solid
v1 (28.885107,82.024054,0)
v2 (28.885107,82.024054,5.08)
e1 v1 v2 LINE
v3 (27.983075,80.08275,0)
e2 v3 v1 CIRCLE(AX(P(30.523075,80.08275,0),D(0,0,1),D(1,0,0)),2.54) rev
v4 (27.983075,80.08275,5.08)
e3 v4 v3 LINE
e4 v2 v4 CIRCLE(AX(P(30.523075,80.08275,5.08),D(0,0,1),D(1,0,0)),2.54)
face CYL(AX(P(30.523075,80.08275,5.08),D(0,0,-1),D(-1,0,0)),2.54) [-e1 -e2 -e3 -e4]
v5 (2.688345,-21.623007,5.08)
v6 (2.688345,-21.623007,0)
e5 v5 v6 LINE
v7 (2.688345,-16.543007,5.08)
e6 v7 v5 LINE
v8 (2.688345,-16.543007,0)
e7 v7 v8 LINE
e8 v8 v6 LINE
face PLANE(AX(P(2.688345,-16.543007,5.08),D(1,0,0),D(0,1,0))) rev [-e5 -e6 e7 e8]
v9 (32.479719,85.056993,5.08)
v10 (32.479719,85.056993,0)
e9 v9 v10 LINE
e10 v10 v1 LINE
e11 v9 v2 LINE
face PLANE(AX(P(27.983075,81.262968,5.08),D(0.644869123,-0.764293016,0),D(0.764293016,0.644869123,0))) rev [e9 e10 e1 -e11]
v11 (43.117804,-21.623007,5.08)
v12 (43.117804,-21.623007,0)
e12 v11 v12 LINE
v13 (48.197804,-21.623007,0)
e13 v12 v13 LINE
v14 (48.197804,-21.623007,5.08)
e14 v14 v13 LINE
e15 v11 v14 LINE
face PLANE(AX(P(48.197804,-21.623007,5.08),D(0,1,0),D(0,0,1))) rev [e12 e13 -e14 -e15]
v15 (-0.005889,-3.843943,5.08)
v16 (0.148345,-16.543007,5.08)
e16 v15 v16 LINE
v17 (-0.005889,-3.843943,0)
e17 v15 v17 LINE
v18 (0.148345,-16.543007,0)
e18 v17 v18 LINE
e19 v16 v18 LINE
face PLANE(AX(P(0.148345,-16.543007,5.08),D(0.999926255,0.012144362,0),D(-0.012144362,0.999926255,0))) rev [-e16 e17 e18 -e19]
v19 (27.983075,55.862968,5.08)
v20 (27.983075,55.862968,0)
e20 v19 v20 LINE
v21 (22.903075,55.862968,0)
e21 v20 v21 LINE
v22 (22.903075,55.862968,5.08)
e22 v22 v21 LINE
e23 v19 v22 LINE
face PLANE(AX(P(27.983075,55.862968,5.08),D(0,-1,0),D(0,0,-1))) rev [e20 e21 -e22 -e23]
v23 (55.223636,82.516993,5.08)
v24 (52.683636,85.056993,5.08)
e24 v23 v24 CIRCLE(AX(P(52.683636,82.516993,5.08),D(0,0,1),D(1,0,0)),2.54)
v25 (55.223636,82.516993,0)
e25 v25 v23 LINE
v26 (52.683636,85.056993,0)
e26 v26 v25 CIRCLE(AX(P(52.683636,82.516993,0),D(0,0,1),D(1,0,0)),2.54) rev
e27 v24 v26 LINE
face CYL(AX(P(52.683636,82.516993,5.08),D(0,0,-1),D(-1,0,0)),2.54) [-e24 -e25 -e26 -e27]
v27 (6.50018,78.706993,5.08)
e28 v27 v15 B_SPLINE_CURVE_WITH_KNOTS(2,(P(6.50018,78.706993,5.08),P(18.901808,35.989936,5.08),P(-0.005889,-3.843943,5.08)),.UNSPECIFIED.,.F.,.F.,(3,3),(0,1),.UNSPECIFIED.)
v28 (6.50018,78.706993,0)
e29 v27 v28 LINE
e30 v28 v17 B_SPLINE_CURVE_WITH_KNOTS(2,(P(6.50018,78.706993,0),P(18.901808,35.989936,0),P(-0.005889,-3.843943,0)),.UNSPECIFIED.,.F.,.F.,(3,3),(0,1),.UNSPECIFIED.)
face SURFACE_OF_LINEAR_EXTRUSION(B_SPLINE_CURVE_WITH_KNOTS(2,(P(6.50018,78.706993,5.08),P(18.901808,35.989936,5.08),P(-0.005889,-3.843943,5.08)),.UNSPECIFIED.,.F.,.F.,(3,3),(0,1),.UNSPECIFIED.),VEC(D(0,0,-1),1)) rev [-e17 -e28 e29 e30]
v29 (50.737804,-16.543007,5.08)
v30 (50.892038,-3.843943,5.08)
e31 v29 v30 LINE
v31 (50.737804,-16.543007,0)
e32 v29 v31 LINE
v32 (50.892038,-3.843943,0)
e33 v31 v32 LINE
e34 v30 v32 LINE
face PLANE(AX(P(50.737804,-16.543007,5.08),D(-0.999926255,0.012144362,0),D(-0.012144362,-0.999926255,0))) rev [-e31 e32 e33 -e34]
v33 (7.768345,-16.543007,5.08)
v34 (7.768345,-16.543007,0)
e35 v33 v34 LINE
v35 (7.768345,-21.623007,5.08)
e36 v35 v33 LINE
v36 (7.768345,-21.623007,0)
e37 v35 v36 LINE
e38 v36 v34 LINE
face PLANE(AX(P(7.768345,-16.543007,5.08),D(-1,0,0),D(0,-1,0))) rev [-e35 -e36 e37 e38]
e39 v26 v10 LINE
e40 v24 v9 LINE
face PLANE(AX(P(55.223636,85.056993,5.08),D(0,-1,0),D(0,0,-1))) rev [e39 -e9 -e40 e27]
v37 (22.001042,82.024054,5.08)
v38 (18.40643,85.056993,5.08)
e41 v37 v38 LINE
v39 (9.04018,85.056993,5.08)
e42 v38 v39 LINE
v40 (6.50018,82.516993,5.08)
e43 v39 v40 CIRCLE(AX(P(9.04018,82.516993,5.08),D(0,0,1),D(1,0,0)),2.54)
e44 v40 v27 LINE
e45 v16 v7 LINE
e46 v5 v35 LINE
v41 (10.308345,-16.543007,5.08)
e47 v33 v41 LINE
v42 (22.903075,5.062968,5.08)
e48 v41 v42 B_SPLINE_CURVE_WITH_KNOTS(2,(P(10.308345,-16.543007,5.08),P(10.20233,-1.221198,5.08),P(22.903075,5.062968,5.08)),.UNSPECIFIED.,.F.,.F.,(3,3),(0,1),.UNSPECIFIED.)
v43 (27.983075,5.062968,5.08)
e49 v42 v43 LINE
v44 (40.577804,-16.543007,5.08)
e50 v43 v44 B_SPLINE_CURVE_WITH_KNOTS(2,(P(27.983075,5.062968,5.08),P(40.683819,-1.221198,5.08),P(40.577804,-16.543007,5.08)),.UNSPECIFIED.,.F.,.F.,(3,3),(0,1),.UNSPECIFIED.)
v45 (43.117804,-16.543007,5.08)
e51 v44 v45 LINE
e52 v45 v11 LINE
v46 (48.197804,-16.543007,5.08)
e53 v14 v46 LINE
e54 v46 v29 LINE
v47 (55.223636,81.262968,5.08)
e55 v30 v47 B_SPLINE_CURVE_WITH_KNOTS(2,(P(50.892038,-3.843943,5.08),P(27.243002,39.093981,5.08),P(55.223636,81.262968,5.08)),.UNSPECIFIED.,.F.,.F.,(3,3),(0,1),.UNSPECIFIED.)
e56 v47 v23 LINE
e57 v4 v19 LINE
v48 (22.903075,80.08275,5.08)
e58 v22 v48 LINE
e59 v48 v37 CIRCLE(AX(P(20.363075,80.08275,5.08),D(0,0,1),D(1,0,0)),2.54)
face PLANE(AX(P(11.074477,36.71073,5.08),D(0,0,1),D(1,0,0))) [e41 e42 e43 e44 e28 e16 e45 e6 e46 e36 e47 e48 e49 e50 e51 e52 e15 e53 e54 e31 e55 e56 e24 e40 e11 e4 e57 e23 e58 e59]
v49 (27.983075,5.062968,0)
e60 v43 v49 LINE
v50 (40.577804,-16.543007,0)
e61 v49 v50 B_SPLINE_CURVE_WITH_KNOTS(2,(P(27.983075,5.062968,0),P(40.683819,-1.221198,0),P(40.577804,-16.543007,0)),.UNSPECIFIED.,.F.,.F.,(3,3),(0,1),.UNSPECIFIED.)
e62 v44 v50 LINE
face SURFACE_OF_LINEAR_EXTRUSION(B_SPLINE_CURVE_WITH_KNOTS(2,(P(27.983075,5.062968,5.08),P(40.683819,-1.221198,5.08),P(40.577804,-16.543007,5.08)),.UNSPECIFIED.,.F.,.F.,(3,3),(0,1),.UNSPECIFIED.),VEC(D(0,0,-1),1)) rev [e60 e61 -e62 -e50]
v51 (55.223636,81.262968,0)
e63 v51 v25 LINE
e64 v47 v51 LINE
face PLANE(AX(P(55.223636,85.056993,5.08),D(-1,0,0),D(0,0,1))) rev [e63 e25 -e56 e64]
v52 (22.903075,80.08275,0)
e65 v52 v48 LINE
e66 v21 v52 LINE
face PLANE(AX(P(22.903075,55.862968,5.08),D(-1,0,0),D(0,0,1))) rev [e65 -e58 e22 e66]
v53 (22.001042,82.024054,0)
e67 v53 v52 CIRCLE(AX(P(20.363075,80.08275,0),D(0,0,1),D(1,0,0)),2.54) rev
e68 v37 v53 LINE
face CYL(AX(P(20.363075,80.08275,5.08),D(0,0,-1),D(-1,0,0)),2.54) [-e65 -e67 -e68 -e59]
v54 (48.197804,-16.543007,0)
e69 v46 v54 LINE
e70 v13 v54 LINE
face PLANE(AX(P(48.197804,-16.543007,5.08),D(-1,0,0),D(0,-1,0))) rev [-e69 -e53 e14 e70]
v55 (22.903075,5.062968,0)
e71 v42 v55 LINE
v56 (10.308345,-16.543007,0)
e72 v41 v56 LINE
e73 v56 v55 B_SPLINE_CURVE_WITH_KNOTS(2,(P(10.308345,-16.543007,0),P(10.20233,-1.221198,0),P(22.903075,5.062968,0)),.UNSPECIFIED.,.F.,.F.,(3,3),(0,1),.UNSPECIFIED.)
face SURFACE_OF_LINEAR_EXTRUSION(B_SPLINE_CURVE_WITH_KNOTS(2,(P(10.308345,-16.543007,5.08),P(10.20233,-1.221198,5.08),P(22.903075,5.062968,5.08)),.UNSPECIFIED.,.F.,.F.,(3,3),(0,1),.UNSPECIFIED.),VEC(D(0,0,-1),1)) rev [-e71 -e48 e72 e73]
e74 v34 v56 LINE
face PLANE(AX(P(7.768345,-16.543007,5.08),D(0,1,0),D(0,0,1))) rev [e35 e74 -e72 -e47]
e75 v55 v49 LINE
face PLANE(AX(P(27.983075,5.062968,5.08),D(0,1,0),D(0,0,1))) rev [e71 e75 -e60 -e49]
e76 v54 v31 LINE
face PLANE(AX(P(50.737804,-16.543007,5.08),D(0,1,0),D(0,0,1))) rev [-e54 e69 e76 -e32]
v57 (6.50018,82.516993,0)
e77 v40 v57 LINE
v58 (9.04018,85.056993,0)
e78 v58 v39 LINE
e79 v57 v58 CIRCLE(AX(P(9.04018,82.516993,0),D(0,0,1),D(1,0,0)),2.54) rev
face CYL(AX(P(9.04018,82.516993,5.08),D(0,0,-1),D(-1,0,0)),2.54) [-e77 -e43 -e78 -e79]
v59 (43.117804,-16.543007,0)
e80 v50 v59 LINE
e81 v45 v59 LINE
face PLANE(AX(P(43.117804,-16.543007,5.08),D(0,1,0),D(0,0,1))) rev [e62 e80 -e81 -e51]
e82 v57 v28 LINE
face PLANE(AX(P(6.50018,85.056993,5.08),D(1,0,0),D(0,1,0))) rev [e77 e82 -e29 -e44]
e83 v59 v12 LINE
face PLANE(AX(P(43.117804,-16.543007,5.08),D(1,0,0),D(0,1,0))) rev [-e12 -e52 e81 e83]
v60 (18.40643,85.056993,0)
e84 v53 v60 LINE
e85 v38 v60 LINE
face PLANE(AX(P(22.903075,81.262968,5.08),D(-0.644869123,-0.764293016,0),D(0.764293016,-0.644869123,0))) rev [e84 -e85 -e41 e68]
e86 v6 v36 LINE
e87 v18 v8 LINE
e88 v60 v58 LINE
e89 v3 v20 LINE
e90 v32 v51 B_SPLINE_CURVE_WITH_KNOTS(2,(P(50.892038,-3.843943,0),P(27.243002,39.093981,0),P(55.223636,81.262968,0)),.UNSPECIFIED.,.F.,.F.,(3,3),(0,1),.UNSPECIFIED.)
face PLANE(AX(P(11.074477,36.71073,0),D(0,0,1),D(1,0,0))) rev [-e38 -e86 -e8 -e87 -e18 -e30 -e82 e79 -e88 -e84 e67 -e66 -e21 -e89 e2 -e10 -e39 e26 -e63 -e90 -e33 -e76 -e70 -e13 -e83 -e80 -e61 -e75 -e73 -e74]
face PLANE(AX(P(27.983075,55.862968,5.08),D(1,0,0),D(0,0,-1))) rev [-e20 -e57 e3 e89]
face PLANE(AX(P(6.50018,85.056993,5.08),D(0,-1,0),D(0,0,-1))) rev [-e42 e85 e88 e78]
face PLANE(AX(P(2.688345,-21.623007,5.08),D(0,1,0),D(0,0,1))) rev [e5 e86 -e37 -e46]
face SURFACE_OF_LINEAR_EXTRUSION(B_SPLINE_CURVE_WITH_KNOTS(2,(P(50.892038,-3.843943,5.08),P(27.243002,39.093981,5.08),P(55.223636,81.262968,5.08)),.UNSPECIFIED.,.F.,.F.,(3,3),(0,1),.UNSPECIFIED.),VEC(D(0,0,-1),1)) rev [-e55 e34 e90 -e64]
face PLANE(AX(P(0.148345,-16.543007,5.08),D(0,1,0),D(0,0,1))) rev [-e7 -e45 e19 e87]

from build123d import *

# Parameters (mm, degrees)
BOSS_EXTRUDE6_DEPTH = 5.08
FILLET21_R          = 2.54
FILLET22_R          = 2.54
FILLET23_R          = 2.54
FILLET24_R          = 2.54


with BuildPart() as part:
    # Sketch1 → Boss-Extrude6 (new body)
    with BuildSketch(Plane.XY):
        with BuildLine():
            Line((0.14834484, -16.543006694), (-0.005888561, -3.843943262))
            add(Edge.make_bspline(
                [(6.500180425, 78.706993306), (18.901808207, 35.989935529), (-0.005888561, -3.843943262)],
                knots=[0, 0, 0, 1, 1, 1], degree=2))
            Line((6.500180425, 78.706993306), (6.500180425, 85.056993306))
            Line((6.500180425, 85.056993306), (18.406430425, 85.056993306))
            Line((18.406430425, 85.056993306), (22.903074533, 81.262968128))
            Line((22.903074533, 81.262968128), (22.903074533, 55.862968128))
            Line((22.903074533, 55.862968128), (27.983074533, 55.862968128))
            Line((27.983074533, 55.862968128), (27.983074533, 81.262968128))
            Line((27.983074533, 81.262968128), (32.479718641, 85.056993306))
            Line((32.479718641, 85.056993306), (55.223636327, 85.056993306))
            Line((55.223636327, 85.056993306), (55.223636327, 81.262968128))
            add(Edge.make_bspline(
                [(55.223636327, 81.262968128), (27.243001732, 39.093980891), (50.892037627, -3.843943262)],
                knots=[0, 0, 0, 1, 1, 1], degree=2))
            Line((50.892037627, -3.843943262), (50.737804225, -16.543006694))
            Line((50.737804225, -16.543006694), (48.197804225, -16.543006694))
            Line((48.197804225, -16.543006694), (48.197804225, -21.623006694))
            Line((48.197804225, -21.623006694), (43.117804225, -21.623006694))
            Line((43.117804225, -21.623006694), (43.117804225, -16.543006694))
            Line((43.117804225, -16.543006694), (40.577804225, -16.543006694))
            add(Edge.make_bspline(
                [(27.983074533, 5.062968128), (40.683819064, -1.22119794), (40.577804225, -16.543006694)],
                knots=[0, 0, 0, 1, 1, 1], degree=2))
            Line((27.983074533, 5.062968128), (22.903074533, 5.062968128))
            add(Edge.make_bspline(
                [(22.903074533, 5.062968128), (10.202330001, -1.22119794), (10.30834484, -16.543006694)],
                knots=[0, 0, 0, 1, 1, 1], degree=2))
            Line((10.30834484, -16.543006694), (7.76834484, -16.543006694))
            Line((7.76834484, -16.543006694), (7.76834484, -21.623006694))
            Line((7.76834484, -21.623006694), (2.68834484, -21.623006694))
            Line((2.68834484, -21.623006694), (2.68834484, -16.543006694))
            Line((2.68834484, -16.543006694), (0.14834484, -16.543006694))
        make_face()
    extrude(amount=BOSS_EXTRUDE6_DEPTH)

    # Fillet21
    fillet21_edges = [part.edges().sort_by_distance(p)[0] for p in [
        (22.903074533, 81.262968128, 2.54),
    ]]
    fillet(fillet21_edges, radius=FILLET21_R)

    # Fillet22
    fillet22_edges = [part.edges().sort_by_distance(p)[0] for p in [
        (27.983074533, 81.262968128, 2.54),
    ]]
    fillet(fillet22_edges, radius=FILLET22_R)

    # Fillet23
    fillet23_edges = [part.edges().sort_by_distance(p)[0] for p in [
        (6.500180425, 85.056993306, 2.54),
    ]]
    fillet(fillet23_edges, radius=FILLET23_R)

    # Fillet24
    fillet24_edges = [part.edges().sort_by_distance(p)[0] for p in [
        (55.223636327, 85.056993306, 2.54),
    ]]
    fillet(fillet24_edges, radius=FILLET24_R)


solid = part.part
